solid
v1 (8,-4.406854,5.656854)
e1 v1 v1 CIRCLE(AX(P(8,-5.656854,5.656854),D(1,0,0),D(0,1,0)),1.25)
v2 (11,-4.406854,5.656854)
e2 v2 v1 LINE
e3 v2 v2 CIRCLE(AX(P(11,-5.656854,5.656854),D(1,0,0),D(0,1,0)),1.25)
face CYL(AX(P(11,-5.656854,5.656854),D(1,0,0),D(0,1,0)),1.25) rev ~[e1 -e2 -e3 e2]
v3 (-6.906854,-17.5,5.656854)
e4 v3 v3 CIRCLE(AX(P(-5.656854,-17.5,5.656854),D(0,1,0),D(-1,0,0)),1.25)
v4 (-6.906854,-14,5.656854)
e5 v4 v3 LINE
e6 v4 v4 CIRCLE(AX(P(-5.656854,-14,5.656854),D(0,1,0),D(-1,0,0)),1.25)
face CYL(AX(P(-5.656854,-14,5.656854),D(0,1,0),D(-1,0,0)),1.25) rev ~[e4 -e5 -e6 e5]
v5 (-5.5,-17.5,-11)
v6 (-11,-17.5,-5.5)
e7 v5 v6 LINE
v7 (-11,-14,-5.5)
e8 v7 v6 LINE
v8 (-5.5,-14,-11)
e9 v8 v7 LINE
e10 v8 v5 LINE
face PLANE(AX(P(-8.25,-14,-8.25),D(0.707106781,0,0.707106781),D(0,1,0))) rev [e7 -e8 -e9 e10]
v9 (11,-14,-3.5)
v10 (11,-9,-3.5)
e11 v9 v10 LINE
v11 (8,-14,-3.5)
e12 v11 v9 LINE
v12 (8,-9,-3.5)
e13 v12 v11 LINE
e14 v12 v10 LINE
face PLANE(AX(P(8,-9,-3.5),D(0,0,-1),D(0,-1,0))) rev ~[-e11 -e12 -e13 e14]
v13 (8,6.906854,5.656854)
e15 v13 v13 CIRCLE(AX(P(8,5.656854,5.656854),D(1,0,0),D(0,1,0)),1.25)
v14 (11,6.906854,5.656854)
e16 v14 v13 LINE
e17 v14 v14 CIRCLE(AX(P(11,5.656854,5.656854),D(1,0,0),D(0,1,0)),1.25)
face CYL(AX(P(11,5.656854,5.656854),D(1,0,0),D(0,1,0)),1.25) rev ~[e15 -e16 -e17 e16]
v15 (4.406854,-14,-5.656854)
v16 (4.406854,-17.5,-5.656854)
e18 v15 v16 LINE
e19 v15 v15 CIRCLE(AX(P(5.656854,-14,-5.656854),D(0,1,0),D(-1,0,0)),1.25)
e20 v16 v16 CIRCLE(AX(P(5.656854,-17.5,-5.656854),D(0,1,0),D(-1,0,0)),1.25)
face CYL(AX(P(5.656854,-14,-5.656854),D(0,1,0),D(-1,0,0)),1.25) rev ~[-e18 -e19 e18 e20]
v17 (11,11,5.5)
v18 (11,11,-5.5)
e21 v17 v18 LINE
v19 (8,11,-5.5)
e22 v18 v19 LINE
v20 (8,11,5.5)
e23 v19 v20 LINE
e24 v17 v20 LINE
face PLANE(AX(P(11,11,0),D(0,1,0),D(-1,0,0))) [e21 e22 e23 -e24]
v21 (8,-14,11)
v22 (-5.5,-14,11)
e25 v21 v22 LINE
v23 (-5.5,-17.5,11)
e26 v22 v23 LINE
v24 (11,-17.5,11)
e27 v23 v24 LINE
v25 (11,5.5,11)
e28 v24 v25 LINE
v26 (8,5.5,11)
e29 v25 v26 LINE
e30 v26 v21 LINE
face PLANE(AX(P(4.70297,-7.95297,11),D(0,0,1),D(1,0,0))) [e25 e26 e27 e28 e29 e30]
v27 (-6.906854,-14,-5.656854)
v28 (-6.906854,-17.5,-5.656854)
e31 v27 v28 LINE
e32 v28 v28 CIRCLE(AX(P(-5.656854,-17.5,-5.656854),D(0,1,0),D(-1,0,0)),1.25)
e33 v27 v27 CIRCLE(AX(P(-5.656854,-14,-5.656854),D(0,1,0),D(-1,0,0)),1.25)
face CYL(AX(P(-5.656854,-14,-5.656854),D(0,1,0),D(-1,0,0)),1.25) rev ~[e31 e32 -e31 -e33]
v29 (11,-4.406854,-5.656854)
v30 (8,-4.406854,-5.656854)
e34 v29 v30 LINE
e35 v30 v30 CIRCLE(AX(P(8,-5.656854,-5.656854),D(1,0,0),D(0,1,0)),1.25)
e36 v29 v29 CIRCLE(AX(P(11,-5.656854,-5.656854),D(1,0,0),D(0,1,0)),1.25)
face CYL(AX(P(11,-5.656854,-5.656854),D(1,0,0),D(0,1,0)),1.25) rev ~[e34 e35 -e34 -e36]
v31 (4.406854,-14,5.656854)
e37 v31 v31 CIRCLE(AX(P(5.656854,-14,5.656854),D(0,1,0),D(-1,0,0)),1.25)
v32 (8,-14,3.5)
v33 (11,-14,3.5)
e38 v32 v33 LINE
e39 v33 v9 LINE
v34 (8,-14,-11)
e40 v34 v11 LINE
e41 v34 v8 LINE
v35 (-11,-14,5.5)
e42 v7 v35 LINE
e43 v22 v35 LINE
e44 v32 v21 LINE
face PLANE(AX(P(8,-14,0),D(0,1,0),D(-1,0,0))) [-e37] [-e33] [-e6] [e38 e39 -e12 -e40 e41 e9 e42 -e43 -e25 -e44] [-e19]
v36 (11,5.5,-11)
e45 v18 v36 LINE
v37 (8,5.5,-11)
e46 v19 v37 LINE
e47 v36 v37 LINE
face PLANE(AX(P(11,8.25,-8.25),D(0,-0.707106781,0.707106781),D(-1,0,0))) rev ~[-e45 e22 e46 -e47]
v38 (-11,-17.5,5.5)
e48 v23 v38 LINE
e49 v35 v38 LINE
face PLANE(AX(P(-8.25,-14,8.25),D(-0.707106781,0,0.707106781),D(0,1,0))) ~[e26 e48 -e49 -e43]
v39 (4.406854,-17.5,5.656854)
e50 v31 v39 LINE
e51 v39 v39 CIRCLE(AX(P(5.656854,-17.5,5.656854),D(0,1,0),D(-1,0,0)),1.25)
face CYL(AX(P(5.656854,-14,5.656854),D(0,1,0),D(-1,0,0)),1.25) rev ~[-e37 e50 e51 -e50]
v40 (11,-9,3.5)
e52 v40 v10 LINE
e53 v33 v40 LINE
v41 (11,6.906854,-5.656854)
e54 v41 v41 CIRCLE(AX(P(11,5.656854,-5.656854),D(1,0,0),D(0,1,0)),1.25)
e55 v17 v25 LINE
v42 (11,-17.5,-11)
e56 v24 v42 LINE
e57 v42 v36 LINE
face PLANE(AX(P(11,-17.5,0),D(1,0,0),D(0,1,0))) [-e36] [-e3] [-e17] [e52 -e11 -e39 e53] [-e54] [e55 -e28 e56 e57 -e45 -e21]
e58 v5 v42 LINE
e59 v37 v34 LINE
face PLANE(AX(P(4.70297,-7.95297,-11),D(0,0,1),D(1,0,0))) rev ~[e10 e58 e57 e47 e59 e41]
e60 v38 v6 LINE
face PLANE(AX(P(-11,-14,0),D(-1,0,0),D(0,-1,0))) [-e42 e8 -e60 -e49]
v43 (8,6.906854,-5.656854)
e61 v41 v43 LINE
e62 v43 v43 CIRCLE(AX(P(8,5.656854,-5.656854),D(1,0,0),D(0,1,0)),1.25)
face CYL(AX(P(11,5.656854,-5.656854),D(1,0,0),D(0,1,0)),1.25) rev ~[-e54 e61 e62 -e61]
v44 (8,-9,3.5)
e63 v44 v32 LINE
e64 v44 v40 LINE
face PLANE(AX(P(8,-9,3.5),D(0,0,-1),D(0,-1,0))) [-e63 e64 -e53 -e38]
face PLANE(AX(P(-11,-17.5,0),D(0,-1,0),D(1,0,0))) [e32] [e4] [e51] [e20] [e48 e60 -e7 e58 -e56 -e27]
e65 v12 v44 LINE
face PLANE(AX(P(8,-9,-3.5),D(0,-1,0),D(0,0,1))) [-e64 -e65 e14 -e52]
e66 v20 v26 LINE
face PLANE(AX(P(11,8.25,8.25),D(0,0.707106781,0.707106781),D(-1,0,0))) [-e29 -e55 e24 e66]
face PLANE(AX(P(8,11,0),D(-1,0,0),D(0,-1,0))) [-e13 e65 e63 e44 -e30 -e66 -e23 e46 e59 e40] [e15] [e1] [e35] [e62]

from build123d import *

# Parameters (mm, degrees)
F1_DEPTH = 11
F2_R     = 1.25
F3_DEPTH = 22.001
F4_R     = 1.25
F5_DEPTH = 3.501
F6_SIZE  = 5.5
F7_W     = 5
F7_H     = 7
F8_DEPTH = 25


with BuildPart() as f1:
    # F0 (on Top) → F1 (new body, symmetric)
    with BuildSketch(Plane.XY):
        Polygon((11, 11), (8, 11), (8, -14), (-11, -14), (-11, -17.5), (11, -17.5), align=None)
    extrude(amount=F1_DEPTH, both=True)

    # F2 (on face) → F3 (cut, through all)
    with BuildSketch(Plane.YZ.offset(11)):
        with Locations((5.656854, -5.656854)):
            Circle(F2_R)
        with Locations((5.656854, 5.656854)):
            Circle(F2_R)
        with Locations((-5.656854, 5.656854)):
            Circle(F2_R)
        with Locations((-5.656854, -5.656854)):
            Circle(F2_R)
    extrude(amount=-F3_DEPTH, mode=Mode.SUBTRACT)

    # F4 (on face) → F5 (cut, through all)
    with BuildSketch(Plane(origin=(0, -14, 0), x_dir=(-1, 0, 0), z_dir=(0, 1, 0))):
        with Locations((5.656854, -5.656854)):
            Circle(F4_R)
        with Locations((5.656854, 5.656854)):
            Circle(F4_R)
        with Locations((-5.656854, 5.656854)):
            Circle(F4_R)
        with Locations((-5.656854, -5.656854)):
            Circle(F4_R)
    extrude(amount=-F5_DEPTH, mode=Mode.SUBTRACT)

    # F6
    f6_edges = [f1.edges().sort_by_distance(p)[0] for p in [
        (9.5, 11, 11),
        (9.5, 11, -11),
        (-11, -15.75, -11),
        (-11, -15.75, 11),
    ]]
    chamfer(f6_edges, length=F6_SIZE)

    # F7 (on face) → F8 (cut)
    with BuildSketch(Plane(origin=(8, 0, 0), x_dir=(0, -1, 0), z_dir=(-1, 0, 0))):
        with Locations((11.5, 0)):
            Rectangle(F7_W, F7_H)
    extrude(amount=-F8_DEPTH, mode=Mode.SUBTRACT)


solid = f1.part
